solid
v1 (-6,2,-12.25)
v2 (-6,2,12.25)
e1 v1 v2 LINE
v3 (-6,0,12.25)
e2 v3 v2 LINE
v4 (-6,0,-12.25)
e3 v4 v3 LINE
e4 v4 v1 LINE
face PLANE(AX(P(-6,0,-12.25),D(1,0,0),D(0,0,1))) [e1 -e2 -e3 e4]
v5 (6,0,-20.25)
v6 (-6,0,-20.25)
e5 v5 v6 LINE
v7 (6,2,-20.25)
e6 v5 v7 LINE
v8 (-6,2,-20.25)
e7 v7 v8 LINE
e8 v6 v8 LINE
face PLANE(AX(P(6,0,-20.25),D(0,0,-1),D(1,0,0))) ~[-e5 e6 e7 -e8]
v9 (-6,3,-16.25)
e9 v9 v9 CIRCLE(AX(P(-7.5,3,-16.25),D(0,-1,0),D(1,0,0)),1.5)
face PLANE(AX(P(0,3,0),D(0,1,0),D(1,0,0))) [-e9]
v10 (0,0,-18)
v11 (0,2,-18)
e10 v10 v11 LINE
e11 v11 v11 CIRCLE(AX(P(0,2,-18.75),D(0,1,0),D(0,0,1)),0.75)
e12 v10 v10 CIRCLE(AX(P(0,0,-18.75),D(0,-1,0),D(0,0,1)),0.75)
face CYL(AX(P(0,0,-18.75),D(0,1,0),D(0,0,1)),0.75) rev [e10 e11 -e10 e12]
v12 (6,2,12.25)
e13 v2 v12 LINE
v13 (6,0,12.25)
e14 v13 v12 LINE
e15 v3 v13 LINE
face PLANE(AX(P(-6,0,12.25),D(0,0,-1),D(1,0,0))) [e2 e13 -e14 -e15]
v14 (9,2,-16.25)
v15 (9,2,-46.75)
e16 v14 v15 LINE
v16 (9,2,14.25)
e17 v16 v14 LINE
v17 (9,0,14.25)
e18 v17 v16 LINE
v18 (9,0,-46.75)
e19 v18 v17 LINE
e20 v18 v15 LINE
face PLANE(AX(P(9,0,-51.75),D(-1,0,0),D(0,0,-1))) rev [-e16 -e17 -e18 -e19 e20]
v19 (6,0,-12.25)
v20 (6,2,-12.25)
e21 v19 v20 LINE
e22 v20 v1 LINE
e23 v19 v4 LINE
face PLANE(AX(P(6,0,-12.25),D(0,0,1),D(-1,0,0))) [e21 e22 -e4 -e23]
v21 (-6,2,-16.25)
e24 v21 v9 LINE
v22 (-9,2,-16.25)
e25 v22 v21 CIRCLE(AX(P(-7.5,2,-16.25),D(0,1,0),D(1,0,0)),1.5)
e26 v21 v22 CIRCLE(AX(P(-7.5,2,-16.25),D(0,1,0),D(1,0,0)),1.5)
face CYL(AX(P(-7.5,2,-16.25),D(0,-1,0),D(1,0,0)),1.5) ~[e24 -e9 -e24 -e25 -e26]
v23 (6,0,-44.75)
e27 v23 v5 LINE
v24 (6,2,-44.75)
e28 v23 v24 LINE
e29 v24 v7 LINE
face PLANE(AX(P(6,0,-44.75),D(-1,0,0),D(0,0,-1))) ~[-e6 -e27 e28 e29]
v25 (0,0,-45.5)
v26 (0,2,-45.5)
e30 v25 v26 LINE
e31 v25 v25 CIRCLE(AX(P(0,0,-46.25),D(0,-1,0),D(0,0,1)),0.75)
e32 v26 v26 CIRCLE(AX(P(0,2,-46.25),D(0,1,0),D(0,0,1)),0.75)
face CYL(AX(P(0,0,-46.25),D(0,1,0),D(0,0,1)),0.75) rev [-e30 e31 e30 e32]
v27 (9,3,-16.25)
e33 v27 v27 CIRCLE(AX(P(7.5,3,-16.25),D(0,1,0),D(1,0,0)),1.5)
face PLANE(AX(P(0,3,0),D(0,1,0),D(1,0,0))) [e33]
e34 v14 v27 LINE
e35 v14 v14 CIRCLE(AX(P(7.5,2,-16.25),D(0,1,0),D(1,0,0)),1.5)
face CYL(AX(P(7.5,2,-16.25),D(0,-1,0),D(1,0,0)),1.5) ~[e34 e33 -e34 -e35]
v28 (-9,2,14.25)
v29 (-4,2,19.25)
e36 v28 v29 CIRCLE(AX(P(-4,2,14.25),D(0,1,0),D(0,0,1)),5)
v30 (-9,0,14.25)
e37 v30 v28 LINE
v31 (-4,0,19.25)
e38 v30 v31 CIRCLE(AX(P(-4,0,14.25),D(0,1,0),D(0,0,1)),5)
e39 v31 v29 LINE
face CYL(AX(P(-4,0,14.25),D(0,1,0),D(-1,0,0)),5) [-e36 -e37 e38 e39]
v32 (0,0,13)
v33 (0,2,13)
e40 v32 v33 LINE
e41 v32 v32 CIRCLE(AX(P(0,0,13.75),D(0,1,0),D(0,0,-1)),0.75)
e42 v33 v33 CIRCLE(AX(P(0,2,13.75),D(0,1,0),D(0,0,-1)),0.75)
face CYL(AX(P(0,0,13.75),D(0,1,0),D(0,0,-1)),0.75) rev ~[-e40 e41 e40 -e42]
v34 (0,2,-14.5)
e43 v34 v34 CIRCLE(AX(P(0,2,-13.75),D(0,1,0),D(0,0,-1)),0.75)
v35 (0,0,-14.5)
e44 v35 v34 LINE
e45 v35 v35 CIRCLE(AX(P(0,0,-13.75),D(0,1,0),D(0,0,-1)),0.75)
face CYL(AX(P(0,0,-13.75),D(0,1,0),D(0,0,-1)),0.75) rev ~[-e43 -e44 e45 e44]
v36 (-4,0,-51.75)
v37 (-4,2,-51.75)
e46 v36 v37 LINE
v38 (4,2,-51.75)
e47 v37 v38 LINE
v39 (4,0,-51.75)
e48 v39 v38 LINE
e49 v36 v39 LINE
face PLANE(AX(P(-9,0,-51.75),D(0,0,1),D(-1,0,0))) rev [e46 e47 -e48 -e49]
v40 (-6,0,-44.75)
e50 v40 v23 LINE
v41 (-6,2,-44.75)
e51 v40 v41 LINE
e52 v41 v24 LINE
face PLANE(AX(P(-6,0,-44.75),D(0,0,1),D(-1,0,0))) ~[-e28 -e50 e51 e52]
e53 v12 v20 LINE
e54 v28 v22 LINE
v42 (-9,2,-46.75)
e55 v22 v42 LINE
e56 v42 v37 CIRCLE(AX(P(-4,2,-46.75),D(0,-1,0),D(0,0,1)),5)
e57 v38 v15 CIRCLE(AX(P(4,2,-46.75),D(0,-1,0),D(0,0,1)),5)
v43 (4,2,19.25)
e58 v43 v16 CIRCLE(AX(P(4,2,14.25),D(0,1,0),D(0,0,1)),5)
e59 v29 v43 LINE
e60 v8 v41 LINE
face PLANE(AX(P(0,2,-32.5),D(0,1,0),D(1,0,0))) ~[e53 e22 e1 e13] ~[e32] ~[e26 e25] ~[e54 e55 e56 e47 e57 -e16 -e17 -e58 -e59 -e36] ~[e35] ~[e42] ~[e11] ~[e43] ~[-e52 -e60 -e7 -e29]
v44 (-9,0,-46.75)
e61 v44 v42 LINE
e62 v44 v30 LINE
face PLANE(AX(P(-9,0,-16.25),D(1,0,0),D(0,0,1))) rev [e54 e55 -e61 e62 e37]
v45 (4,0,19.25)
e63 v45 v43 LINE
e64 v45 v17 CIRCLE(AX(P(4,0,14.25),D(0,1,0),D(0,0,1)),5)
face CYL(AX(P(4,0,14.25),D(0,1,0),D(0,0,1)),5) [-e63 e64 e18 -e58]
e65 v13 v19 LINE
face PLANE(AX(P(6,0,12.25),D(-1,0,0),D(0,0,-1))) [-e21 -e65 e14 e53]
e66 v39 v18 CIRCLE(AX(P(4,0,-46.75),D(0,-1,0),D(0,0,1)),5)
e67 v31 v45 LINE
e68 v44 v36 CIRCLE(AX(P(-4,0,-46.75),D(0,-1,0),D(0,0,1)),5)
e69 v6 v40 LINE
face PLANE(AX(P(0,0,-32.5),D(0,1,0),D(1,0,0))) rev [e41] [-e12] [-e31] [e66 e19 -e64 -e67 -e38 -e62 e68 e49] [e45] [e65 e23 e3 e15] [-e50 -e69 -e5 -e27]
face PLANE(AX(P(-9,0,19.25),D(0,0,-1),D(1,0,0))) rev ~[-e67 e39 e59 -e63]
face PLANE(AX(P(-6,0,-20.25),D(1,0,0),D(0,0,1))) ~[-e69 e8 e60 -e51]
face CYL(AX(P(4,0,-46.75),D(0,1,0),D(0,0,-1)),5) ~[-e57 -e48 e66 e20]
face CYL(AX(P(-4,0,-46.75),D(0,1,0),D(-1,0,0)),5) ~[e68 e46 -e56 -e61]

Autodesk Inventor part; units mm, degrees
ref_plane "YZ Plane" through (0, 0, 0) normal (1, 0, 0) x (0, 1, 0)
ref_plane "XZ Plane" through (0, 0, 0) normal (0, 1, 0) x (-1, 0, 0)
sketch "スケッチ1" plane through (0, 0, 0) normal (0, 1, 0) x (-1, 0, 0)
  line L0 (6, 12.25) -> (-6, 12.25)
  line L1 (-6, 12.25) -> (-6, -12.25)
  line L2 (-6, -12.25) -> (6, -12.25)
  line L3 (6, -12.25) -> (6, 12.25)
  line L4 (9, 19.25) -> (-9, 19.25)
  line L5 (-9, 19.25) -> (-9, -16.25)
  line L6 (-9, -16.25) -> (9, -16.25)
  line L7 (9, -16.25) -> (9, 19.25)
  line L8 (0, -13.75) -> (0, 13.75) construction
  point P0 (0, 0)
  point P1 (6, 0)
  point P2 (0, 12.25)
  point P3 (0, 19.25)
  point P4 (9, 1.5)
  point P5 (0, 0)
  dimension "d0" = 24.5
  dimension "d1" = 12
  dimension "d2" = 3
  dimension "d3" = 4
  dimension "d4" = 7
  dimension "d8" = 27.5
extrude "押し出し1" add sketch "スケッチ1" along normal blind 2
hole "穴1" at (0, 0, -13.75) at (0, 0, 13.75) direction (0, 1, 0) diameter 1.5 end through all
mirror "ミラー1" about plane through (9, 0, -16.25) normal (0, 0, -1) of "押し出し1", "穴1"
fillet "フィレット1" radius 5 4 edges at (-9, 1, 19.25) (9, 1, 19.25) (9, 1, -51.75) (-9, 1, -51.75)
ref_plane "位置合わせ" through (-6, 0, -16.25) normal (0, 0, 1) x (1, 0, 0)
sketch "スケッチ2" plane through (0, 2, 0) normal (0, 1, 0) x (1, 0, 0)
  line L0 (-9, -14.25) -> (-9, 46.75) projected
  line L1 (9, -14.25) -> (9, 46.75) projected
  circle A0 centre (0, 18.75) radius 0.75 projected
  circle A1 centre (0, 13.75) radius 0.75 projected
  circle A2 centre (7.5, 16.25) radius 1.5
  circle A3 centre (-7.5, 16.25) radius 1.5
  line L2 (0, 18.75) -> (0, 13.75) construction
  point P0 (0, 0)
  point P1 (0, 16.25)
  dimension "d16" = 3
extrude "押し出し2" add sketch "スケッチ2" along normal blind 1 contours A2 | A3
properties part number "ServoMotor_Holder_V2"
